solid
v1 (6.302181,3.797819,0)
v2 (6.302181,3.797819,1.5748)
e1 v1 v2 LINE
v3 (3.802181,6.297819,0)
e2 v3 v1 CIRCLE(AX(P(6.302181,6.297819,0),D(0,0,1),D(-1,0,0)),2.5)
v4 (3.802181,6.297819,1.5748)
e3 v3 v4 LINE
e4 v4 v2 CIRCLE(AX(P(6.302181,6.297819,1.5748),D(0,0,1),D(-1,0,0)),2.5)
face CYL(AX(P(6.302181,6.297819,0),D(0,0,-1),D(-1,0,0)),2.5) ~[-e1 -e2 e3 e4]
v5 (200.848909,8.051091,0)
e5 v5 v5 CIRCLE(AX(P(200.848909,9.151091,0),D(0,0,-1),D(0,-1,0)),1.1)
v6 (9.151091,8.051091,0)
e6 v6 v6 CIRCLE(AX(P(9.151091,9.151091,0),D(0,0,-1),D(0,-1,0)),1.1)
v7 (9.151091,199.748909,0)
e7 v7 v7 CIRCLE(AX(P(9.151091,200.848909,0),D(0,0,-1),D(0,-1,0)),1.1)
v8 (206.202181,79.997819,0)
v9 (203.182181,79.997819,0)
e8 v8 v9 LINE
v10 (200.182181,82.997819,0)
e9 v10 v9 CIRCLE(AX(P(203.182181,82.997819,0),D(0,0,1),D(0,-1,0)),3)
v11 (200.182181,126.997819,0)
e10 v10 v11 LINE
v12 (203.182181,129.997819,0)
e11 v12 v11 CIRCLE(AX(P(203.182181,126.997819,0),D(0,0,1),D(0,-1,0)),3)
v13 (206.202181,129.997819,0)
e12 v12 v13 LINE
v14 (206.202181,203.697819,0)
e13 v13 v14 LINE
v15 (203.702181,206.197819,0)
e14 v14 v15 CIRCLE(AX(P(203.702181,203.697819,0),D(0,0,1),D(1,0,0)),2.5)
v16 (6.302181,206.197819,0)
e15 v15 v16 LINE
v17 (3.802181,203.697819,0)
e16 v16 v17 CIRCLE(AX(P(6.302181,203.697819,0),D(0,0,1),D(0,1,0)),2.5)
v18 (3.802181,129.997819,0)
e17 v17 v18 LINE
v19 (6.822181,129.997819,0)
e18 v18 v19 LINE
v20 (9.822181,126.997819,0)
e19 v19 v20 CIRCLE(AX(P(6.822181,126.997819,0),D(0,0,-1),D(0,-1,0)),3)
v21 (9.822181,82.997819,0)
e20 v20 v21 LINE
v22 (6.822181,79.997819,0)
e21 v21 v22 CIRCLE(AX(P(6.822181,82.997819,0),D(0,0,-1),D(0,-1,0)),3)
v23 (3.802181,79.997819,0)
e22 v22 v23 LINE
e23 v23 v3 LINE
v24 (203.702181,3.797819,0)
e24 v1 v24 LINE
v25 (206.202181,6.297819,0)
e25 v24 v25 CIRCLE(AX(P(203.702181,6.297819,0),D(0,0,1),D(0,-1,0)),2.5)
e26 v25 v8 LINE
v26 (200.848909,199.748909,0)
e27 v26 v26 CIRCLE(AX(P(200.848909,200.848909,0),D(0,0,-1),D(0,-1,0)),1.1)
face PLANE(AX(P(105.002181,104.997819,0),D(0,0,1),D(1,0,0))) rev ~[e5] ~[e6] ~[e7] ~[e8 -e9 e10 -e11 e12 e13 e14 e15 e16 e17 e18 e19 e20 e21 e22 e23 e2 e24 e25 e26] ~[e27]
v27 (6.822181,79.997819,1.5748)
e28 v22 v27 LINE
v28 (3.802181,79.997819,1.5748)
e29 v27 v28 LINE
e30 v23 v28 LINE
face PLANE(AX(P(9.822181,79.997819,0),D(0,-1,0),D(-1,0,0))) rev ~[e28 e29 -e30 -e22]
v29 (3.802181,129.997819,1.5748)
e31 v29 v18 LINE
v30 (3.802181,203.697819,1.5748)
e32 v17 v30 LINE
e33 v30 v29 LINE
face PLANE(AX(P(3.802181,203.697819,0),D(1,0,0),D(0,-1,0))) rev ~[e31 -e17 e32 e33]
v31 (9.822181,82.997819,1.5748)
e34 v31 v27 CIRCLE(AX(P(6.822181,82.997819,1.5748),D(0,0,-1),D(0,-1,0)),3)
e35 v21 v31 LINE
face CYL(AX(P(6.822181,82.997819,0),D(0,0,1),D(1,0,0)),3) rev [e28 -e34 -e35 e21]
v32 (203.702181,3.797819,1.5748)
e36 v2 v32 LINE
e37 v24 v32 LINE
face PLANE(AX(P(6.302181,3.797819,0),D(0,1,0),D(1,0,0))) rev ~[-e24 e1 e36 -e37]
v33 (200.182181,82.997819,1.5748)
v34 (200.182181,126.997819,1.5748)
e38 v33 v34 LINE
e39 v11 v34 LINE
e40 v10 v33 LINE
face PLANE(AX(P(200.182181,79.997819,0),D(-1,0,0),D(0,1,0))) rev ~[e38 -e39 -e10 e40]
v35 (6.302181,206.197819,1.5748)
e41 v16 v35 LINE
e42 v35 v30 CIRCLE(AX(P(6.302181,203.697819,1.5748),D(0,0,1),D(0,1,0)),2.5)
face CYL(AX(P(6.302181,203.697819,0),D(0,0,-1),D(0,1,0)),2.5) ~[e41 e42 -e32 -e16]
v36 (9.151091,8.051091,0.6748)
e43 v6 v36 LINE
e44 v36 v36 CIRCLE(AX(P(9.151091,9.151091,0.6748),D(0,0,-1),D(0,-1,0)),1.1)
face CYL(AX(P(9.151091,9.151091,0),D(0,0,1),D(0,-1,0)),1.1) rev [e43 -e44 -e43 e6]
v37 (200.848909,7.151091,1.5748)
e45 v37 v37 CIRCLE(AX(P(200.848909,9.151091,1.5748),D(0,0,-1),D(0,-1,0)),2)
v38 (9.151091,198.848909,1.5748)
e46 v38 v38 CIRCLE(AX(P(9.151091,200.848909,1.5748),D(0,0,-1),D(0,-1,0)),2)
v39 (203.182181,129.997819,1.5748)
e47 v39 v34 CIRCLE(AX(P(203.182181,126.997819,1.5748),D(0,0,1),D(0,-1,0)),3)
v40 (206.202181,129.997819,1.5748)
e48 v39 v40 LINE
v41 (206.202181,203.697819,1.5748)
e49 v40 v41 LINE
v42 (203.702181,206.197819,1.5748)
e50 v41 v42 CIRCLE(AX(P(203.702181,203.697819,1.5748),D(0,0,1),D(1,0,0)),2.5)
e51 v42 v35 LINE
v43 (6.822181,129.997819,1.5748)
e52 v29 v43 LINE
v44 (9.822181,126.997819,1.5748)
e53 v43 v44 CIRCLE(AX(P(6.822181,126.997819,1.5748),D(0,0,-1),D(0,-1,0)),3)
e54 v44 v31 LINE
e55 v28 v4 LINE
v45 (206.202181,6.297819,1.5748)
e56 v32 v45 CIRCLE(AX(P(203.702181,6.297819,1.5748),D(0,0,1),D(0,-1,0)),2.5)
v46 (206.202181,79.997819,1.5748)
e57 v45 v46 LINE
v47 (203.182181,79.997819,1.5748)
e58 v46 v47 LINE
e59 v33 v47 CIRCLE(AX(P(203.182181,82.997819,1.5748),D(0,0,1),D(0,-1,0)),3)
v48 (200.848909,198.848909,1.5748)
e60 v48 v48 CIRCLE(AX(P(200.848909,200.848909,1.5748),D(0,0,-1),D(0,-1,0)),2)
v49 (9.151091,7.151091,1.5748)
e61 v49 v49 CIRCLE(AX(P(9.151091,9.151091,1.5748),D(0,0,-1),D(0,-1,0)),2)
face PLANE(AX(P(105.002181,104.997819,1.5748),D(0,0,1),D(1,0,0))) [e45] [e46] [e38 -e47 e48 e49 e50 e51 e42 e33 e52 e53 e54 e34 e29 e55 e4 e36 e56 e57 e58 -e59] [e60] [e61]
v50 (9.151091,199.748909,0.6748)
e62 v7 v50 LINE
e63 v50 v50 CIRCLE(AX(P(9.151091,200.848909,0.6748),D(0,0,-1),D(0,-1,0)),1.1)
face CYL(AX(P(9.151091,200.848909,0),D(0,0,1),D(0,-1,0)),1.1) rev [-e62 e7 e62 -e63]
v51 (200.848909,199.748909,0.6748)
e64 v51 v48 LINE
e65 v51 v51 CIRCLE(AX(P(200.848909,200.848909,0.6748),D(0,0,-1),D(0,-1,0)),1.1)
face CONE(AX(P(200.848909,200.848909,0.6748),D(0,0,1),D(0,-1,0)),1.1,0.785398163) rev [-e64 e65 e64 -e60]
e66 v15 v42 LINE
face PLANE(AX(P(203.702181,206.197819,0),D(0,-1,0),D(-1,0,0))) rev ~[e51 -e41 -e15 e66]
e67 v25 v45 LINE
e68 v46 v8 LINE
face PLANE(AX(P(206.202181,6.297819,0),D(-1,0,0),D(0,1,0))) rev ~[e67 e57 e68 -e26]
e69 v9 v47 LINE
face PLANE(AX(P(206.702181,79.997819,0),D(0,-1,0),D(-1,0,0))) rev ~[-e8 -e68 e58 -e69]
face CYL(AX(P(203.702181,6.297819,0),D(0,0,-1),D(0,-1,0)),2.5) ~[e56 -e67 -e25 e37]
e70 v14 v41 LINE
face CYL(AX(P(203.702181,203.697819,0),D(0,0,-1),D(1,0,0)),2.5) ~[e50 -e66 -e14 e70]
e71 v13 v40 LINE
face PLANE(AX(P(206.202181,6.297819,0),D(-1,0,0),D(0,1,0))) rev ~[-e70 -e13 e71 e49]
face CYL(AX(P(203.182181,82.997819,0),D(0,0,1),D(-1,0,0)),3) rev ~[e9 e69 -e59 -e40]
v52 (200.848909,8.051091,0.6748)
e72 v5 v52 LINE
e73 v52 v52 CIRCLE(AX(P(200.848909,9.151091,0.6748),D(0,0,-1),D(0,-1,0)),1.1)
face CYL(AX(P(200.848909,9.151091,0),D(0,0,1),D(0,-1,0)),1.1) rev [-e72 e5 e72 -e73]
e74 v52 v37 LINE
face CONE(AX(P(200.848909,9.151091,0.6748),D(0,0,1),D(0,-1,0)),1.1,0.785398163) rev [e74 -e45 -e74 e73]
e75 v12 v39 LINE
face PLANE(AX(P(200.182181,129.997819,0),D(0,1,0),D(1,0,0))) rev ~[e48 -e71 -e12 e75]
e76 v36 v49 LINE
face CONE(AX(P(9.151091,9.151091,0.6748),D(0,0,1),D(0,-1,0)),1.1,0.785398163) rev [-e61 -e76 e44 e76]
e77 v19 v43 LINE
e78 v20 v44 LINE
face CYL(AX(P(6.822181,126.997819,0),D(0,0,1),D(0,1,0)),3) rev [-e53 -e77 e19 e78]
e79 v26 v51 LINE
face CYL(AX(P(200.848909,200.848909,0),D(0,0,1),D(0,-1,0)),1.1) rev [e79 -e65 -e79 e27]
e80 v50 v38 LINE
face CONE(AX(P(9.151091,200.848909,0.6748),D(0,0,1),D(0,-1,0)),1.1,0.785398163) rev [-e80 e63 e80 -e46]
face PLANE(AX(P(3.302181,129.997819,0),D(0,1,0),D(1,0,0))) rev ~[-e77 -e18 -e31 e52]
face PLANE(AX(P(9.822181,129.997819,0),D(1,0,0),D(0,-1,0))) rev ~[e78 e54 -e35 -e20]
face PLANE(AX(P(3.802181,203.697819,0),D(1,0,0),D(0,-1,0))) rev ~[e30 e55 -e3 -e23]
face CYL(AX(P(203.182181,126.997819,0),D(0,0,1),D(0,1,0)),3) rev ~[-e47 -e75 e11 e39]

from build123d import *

# Parameters (mm, degrees)
BOSS_EXTRUDE1_DEPTH                            = 1.5748
CSK_FOR_M2_FLAT_HEAD_MACHINE_SCREW1_AT_2_COUNT = 2
CSK_FOR_M2_FLAT_HEAD_MACHINE_SCREW1_AT_2_PITCH = 191.697818903
CSK_FOR_M2_FLAT_HEAD_MACHINE_SCREW1_AT_3_COUNT = 2
CSK_FOR_M2_FLAT_HEAD_MACHINE_SCREW1_AT_3_PITCH = 191.697818903
CSK_FOR_M2_FLAT_HEAD_MACHINE_SCREW1_AT_4_COUNT = 2
CSK_FOR_M2_FLAT_HEAD_MACHINE_SCREW1_AT_4_PITCH = 271.101655369
FILLET1_R                                      = 3
CUT_EXTRUDE1_START                             = -1.5748
CUT_EXTRUDE1_DEPTH                             = 1.5748


with BuildPart() as part:
    # Sketch1 → Boss-Extrude1 (new body)
    with BuildSketch(Plane.XY):
        Polygon((3.302181097, 206.697818903), (3.302181097, 129.997818903), (9.822181097, 129.997818903), (9.822181097, 79.997818903), (3.302181097, 79.997818903), (3.302181097, 3.297818903), (206.702181097, 3.297818903), (206.702181097, 79.997818903), (200.182181097, 79.997818903), (200.182181097, 129.997818903), (206.702181097, 129.997818903), (206.702181097, 206.697818903), align=None)
    extrude(amount=BOSS_EXTRUDE1_DEPTH)

    # Sketch3 → CSK for M2 Flat Head Machine Screw1 (revolve, cut)
    with BuildSketch(Plane(origin=(200.848909451, 9.151090549, 1.5748), x_dir=(0, -1, 0), z_dir=(1, 0, 0))):
        Polygon((0, 0), (0, 1.5748), (1.1, 1.5748), (1.1, 0.9), (2, 0), align=None)
    csk_for_m2_flat_head_machine_screw1 = revolve(axis=Axis((200.848909451, 9.151090549, 7.9248), (0, 0, -1)), mode=Mode.SUBTRACT)

    # CSK for M2 Flat Head Machine Screw1 at 2: CSK for M2 Flat Head Machine Screw1 ×2
    with Locations(*[(-i * CSK_FOR_M2_FLAT_HEAD_MACHINE_SCREW1_AT_2_PITCH, 0, 0) for i in range(1, CSK_FOR_M2_FLAT_HEAD_MACHINE_SCREW1_AT_2_COUNT)]):
        add(csk_for_m2_flat_head_machine_screw1, mode=Mode.SUBTRACT)

    # CSK for M2 Flat Head Machine Screw1 at 3: CSK for M2 Flat Head Machine Screw1 ×2
    with Locations(*[(0, i * CSK_FOR_M2_FLAT_HEAD_MACHINE_SCREW1_AT_3_PITCH, 0) for i in range(1, CSK_FOR_M2_FLAT_HEAD_MACHINE_SCREW1_AT_3_COUNT)]):
        add(csk_for_m2_flat_head_machine_screw1, mode=Mode.SUBTRACT)

    # CSK for M2 Flat Head Machine Screw1 at 4: CSK for M2 Flat Head Machine Screw1 ×2
    with Locations(*[Vector(-0.707106781, 0.707106781, 0) * (i * CSK_FOR_M2_FLAT_HEAD_MACHINE_SCREW1_AT_4_PITCH) for i in range(1, CSK_FOR_M2_FLAT_HEAD_MACHINE_SCREW1_AT_4_COUNT)]):
        add(csk_for_m2_flat_head_machine_screw1, mode=Mode.SUBTRACT)

    # Fillet1
    fillet1_edges = [part.edges().sort_by_distance(p)[0] for p in [
        (206.702181097, 206.697818903, 0.7874),
        (200.182181097, 129.997818903, 0.7874),
        (200.182181097, 79.997818903, 0.7874),
        (206.702181097, 3.297818903, 0.7874),
        (3.302181097, 3.297818903, 0.7874),
        (9.822181097, 79.997818903, 0.7874),
        (9.822181097, 129.997818903, 0.7874),
        (3.302181097, 206.697818903, 0.7874),
    ]]
    fillet(fillet1_edges, radius=FILLET1_R)

    # Sketch4 → Cut-Extrude1 (cut)
    with BuildSketch(Plane.XY.offset(1.5748).offset(CUT_EXTRUDE1_START)):
        with BuildLine():
            Line((6.302181097, 3.297818903), (203.702181097, 3.297818903))
            ThreePointArc((203.702181097, 3.297818903), (205.823501441, 4.176498559), (206.702181097, 6.297818903))
            Line((206.702181097, 6.297818903), (206.702181097, 203.697818903))
            ThreePointArc((206.702181097, 203.697818903), (205.823501441, 205.819139246), (203.702181097, 206.697818903))
            Line((203.702181097, 206.697818903), (6.302181097, 206.697818903))
            ThreePointArc((6.302181097, 206.697818903), (4.180860754, 205.819139246), (3.302181097, 203.697818903))
            Line((3.302181097, 203.697818903), (3.302181097, 6.297818903))
            ThreePointArc((3.302181097, 6.297818903), (4.180860754, 4.176498559), (6.302181097, 3.297818903))
        make_face()
        with BuildLine():
            Line((6.302181097, 3.797818903), (203.702181097, 3.797818903))
            ThreePointArc((203.702181097, 3.797818903), (205.46994805, 4.53005195), (206.202181097, 6.297818903))
            Line((206.202181097, 6.297818903), (206.202181097, 203.697818903))
            ThreePointArc((206.202181097, 203.697818903), (205.46994805, 205.465585856), (203.702181097, 206.197818903))
            Line((203.702181097, 206.197818903), (6.302181097, 206.197818903))
            ThreePointArc((6.302181097, 206.197818903), (4.534414144, 205.465585856), (3.802181097, 203.697818903))
            Line((3.802181097, 203.697818903), (3.802181097, 6.297818903))
            ThreePointArc((3.802181097, 6.297818903), (4.534414144, 4.53005195), (6.302181097, 3.797818903))
        make_face(mode=Mode.SUBTRACT)
    extrude(amount=CUT_EXTRUDE1_DEPTH, mode=Mode.SUBTRACT)


solid = part.part
